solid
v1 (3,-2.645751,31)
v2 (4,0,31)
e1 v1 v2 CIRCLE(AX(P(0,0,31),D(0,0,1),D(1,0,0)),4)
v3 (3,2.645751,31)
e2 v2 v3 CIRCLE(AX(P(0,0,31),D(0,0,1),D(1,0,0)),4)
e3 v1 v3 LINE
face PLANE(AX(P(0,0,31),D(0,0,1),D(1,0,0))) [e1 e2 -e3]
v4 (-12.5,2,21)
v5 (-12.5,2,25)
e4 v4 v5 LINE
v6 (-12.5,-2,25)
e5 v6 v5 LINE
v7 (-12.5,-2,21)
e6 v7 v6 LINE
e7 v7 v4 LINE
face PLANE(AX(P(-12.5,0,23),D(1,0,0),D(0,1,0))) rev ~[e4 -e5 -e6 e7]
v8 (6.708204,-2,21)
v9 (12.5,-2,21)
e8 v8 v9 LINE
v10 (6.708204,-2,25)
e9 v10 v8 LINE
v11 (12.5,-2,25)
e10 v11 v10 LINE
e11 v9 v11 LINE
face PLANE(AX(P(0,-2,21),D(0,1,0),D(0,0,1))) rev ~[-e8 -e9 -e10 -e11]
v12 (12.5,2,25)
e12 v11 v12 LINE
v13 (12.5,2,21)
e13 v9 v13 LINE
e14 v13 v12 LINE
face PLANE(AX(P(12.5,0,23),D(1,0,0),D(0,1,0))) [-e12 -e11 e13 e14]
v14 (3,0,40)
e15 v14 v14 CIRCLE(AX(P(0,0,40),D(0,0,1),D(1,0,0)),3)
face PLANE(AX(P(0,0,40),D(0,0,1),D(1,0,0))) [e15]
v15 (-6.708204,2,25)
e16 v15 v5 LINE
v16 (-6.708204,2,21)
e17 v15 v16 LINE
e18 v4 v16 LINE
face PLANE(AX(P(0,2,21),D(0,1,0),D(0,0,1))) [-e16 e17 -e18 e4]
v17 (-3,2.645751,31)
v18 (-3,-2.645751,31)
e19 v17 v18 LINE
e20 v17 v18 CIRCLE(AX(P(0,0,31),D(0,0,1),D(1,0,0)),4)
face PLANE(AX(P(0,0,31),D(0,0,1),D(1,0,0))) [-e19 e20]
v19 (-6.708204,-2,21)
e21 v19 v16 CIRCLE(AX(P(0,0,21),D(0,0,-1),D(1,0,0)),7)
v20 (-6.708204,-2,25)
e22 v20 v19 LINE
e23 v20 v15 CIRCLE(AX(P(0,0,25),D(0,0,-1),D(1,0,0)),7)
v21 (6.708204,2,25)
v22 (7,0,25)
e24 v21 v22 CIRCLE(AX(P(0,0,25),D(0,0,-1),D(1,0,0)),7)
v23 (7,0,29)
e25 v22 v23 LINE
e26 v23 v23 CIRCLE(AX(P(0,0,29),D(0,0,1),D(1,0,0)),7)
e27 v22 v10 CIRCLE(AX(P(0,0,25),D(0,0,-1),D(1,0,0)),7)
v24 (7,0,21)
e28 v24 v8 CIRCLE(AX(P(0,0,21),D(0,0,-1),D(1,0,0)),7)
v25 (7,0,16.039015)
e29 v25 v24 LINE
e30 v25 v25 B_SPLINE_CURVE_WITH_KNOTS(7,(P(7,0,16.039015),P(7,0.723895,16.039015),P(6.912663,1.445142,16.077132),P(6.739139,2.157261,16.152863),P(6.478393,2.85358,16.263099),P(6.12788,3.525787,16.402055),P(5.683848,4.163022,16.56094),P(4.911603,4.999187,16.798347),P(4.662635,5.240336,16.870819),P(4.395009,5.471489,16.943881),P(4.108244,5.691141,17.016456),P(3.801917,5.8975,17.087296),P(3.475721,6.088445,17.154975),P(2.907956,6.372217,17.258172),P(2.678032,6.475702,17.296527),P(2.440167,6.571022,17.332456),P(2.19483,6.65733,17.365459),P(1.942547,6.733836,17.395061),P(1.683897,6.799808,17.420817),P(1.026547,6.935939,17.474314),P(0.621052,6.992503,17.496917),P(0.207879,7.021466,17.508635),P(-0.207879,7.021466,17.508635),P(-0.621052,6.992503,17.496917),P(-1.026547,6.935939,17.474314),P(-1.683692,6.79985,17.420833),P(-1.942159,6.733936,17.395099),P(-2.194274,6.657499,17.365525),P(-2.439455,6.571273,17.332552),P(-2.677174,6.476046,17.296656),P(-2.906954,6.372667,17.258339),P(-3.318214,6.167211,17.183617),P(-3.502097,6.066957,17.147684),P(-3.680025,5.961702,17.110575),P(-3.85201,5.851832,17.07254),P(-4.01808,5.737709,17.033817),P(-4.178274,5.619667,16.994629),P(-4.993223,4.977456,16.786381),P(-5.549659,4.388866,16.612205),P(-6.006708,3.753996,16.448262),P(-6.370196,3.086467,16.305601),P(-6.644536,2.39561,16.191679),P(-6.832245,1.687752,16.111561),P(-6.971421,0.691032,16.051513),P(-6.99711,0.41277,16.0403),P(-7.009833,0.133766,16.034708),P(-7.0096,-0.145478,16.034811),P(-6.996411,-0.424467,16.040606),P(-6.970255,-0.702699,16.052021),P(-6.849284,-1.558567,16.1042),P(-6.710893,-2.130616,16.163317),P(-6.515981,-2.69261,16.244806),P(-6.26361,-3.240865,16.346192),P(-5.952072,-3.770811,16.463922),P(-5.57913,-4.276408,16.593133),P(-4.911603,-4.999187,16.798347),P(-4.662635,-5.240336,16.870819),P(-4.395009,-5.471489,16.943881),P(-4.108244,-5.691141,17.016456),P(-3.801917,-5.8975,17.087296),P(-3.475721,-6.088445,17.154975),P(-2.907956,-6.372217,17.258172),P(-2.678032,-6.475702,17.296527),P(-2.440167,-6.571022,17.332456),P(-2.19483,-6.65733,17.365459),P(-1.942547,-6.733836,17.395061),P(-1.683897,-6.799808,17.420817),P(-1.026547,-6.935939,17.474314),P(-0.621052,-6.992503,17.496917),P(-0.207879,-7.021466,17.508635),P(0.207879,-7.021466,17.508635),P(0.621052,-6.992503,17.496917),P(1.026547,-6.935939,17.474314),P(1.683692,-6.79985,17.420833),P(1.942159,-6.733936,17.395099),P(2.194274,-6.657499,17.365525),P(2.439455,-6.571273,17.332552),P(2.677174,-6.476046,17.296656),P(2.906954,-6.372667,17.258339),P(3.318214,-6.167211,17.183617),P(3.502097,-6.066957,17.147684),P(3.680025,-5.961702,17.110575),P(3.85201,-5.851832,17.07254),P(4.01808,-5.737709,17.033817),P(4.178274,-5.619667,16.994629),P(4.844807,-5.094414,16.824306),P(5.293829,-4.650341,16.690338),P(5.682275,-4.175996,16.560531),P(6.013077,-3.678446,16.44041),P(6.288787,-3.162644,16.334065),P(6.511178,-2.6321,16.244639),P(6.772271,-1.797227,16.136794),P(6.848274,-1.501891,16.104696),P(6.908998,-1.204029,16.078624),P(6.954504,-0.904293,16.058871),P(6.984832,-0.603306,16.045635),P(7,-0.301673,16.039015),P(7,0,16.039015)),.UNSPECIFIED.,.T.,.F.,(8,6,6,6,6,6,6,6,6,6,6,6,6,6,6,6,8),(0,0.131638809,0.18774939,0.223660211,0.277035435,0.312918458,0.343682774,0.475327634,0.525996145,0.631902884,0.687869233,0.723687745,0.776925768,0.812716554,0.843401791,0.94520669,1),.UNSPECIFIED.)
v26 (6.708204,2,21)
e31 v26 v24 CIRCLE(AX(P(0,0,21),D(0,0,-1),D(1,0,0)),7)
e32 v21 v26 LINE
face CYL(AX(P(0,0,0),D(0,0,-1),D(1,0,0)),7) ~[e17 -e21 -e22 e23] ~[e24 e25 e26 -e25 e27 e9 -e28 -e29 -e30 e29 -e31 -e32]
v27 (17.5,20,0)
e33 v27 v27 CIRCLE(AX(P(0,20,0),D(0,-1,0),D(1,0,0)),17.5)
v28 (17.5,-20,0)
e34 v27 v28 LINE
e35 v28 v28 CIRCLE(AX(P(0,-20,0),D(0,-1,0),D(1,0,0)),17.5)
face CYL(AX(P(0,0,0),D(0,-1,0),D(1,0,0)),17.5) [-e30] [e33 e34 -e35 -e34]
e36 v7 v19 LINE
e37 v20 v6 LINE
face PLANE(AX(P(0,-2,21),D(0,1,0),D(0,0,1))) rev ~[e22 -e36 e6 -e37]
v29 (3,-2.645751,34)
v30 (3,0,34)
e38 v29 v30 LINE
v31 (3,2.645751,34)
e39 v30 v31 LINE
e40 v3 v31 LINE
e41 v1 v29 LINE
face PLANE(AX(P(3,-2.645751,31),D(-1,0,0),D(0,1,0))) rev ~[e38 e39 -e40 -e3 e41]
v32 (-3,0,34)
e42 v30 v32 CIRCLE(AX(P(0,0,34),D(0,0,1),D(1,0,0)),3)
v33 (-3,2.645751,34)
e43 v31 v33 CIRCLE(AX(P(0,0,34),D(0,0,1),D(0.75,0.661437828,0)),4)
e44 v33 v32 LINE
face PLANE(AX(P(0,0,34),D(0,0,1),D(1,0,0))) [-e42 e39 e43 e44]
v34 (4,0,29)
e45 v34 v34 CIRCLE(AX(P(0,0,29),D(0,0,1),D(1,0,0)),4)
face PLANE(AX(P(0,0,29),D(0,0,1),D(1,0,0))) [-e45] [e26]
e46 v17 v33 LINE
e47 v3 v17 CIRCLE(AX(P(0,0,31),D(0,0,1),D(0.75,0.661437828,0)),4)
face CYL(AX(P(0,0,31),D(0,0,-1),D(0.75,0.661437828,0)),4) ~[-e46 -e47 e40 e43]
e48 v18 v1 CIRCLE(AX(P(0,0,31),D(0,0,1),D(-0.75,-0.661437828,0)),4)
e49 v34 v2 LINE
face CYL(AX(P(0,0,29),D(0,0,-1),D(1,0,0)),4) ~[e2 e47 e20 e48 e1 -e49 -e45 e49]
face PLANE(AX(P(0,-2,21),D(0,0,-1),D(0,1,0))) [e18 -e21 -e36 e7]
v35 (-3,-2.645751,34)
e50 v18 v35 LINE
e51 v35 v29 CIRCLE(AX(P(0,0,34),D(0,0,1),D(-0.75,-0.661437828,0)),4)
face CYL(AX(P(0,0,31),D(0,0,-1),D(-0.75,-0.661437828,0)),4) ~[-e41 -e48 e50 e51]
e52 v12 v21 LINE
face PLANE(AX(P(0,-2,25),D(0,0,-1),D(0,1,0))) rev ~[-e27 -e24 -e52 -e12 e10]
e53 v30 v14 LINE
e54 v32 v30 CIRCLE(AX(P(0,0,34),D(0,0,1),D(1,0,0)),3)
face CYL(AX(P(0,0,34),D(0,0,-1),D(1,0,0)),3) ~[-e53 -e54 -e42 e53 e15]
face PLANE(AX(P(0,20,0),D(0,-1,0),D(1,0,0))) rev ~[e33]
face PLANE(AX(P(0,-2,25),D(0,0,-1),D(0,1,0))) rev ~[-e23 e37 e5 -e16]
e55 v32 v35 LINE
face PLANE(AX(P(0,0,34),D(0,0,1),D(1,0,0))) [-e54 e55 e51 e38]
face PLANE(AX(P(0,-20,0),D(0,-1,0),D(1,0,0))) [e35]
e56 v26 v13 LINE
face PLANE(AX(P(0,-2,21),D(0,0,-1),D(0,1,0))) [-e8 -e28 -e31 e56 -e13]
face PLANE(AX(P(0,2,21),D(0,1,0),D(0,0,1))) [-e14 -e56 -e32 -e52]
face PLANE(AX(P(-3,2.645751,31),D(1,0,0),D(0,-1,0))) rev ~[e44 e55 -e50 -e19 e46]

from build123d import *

# Parameters (mm, degrees)
F0_R      = 17.5
F1_DEPTH  = 20
F2_R      = 7
F3_DEPTH  = 29
F4_R      = 4
F5_DEPTH  = 2
F7_DEPTH  = 3
F9_DEPTH  = 6
F10_W     = 4
F10_H     = 4
F11_DEPTH = 12.5


with BuildPart() as f1:
    # F0 (on Front) → F1 (new body, symmetric)
    with BuildSketch(Plane.XZ):
        Circle(F0_R)
    extrude(amount=F1_DEPTH, both=True)

    # F2 (on Top) → F3 (join)
    with BuildSketch(Plane.XY):
        Circle(F2_R)
    extrude(amount=F3_DEPTH)

    # F4 (on face) → F5 (join)
    with BuildSketch(Plane.XY.offset(29)):
        Circle(F4_R)
    extrude(amount=F5_DEPTH)

    # F6 (on face) → F7 (join)
    with BuildSketch(Plane.XY.offset(31)):
        with BuildLine():
            Line((-3, 2.6457513111), (-3, -2.6457513111))
            ThreePointArc((-3, -2.6457513111), (0, -4), (3, -2.6457513111))
            Line((3, -2.6457513111), (3, 2.6457513111))
            ThreePointArc((3, 2.6457513111), (0, 4), (-3, 2.6457513111))
        make_face()
    extrude(amount=F7_DEPTH)

    # F8 (on face) → F9 (join)
    with BuildSketch(Plane.XY.offset(34)):
        with BuildLine():
            ThreePointArc((-3, 0), (0, -3), (3, 0))
            ThreePointArc((3, 0), (0, 3), (-3, 0))
        make_face()
    extrude(amount=F9_DEPTH)

    # F10 (on Right) → F11 (join, symmetric)
    with BuildSketch(Plane.YZ):
        with Locations((0, 23)):
            Rectangle(F10_W, F10_H)
    extrude(amount=F11_DEPTH, both=True)


solid = f1.part
